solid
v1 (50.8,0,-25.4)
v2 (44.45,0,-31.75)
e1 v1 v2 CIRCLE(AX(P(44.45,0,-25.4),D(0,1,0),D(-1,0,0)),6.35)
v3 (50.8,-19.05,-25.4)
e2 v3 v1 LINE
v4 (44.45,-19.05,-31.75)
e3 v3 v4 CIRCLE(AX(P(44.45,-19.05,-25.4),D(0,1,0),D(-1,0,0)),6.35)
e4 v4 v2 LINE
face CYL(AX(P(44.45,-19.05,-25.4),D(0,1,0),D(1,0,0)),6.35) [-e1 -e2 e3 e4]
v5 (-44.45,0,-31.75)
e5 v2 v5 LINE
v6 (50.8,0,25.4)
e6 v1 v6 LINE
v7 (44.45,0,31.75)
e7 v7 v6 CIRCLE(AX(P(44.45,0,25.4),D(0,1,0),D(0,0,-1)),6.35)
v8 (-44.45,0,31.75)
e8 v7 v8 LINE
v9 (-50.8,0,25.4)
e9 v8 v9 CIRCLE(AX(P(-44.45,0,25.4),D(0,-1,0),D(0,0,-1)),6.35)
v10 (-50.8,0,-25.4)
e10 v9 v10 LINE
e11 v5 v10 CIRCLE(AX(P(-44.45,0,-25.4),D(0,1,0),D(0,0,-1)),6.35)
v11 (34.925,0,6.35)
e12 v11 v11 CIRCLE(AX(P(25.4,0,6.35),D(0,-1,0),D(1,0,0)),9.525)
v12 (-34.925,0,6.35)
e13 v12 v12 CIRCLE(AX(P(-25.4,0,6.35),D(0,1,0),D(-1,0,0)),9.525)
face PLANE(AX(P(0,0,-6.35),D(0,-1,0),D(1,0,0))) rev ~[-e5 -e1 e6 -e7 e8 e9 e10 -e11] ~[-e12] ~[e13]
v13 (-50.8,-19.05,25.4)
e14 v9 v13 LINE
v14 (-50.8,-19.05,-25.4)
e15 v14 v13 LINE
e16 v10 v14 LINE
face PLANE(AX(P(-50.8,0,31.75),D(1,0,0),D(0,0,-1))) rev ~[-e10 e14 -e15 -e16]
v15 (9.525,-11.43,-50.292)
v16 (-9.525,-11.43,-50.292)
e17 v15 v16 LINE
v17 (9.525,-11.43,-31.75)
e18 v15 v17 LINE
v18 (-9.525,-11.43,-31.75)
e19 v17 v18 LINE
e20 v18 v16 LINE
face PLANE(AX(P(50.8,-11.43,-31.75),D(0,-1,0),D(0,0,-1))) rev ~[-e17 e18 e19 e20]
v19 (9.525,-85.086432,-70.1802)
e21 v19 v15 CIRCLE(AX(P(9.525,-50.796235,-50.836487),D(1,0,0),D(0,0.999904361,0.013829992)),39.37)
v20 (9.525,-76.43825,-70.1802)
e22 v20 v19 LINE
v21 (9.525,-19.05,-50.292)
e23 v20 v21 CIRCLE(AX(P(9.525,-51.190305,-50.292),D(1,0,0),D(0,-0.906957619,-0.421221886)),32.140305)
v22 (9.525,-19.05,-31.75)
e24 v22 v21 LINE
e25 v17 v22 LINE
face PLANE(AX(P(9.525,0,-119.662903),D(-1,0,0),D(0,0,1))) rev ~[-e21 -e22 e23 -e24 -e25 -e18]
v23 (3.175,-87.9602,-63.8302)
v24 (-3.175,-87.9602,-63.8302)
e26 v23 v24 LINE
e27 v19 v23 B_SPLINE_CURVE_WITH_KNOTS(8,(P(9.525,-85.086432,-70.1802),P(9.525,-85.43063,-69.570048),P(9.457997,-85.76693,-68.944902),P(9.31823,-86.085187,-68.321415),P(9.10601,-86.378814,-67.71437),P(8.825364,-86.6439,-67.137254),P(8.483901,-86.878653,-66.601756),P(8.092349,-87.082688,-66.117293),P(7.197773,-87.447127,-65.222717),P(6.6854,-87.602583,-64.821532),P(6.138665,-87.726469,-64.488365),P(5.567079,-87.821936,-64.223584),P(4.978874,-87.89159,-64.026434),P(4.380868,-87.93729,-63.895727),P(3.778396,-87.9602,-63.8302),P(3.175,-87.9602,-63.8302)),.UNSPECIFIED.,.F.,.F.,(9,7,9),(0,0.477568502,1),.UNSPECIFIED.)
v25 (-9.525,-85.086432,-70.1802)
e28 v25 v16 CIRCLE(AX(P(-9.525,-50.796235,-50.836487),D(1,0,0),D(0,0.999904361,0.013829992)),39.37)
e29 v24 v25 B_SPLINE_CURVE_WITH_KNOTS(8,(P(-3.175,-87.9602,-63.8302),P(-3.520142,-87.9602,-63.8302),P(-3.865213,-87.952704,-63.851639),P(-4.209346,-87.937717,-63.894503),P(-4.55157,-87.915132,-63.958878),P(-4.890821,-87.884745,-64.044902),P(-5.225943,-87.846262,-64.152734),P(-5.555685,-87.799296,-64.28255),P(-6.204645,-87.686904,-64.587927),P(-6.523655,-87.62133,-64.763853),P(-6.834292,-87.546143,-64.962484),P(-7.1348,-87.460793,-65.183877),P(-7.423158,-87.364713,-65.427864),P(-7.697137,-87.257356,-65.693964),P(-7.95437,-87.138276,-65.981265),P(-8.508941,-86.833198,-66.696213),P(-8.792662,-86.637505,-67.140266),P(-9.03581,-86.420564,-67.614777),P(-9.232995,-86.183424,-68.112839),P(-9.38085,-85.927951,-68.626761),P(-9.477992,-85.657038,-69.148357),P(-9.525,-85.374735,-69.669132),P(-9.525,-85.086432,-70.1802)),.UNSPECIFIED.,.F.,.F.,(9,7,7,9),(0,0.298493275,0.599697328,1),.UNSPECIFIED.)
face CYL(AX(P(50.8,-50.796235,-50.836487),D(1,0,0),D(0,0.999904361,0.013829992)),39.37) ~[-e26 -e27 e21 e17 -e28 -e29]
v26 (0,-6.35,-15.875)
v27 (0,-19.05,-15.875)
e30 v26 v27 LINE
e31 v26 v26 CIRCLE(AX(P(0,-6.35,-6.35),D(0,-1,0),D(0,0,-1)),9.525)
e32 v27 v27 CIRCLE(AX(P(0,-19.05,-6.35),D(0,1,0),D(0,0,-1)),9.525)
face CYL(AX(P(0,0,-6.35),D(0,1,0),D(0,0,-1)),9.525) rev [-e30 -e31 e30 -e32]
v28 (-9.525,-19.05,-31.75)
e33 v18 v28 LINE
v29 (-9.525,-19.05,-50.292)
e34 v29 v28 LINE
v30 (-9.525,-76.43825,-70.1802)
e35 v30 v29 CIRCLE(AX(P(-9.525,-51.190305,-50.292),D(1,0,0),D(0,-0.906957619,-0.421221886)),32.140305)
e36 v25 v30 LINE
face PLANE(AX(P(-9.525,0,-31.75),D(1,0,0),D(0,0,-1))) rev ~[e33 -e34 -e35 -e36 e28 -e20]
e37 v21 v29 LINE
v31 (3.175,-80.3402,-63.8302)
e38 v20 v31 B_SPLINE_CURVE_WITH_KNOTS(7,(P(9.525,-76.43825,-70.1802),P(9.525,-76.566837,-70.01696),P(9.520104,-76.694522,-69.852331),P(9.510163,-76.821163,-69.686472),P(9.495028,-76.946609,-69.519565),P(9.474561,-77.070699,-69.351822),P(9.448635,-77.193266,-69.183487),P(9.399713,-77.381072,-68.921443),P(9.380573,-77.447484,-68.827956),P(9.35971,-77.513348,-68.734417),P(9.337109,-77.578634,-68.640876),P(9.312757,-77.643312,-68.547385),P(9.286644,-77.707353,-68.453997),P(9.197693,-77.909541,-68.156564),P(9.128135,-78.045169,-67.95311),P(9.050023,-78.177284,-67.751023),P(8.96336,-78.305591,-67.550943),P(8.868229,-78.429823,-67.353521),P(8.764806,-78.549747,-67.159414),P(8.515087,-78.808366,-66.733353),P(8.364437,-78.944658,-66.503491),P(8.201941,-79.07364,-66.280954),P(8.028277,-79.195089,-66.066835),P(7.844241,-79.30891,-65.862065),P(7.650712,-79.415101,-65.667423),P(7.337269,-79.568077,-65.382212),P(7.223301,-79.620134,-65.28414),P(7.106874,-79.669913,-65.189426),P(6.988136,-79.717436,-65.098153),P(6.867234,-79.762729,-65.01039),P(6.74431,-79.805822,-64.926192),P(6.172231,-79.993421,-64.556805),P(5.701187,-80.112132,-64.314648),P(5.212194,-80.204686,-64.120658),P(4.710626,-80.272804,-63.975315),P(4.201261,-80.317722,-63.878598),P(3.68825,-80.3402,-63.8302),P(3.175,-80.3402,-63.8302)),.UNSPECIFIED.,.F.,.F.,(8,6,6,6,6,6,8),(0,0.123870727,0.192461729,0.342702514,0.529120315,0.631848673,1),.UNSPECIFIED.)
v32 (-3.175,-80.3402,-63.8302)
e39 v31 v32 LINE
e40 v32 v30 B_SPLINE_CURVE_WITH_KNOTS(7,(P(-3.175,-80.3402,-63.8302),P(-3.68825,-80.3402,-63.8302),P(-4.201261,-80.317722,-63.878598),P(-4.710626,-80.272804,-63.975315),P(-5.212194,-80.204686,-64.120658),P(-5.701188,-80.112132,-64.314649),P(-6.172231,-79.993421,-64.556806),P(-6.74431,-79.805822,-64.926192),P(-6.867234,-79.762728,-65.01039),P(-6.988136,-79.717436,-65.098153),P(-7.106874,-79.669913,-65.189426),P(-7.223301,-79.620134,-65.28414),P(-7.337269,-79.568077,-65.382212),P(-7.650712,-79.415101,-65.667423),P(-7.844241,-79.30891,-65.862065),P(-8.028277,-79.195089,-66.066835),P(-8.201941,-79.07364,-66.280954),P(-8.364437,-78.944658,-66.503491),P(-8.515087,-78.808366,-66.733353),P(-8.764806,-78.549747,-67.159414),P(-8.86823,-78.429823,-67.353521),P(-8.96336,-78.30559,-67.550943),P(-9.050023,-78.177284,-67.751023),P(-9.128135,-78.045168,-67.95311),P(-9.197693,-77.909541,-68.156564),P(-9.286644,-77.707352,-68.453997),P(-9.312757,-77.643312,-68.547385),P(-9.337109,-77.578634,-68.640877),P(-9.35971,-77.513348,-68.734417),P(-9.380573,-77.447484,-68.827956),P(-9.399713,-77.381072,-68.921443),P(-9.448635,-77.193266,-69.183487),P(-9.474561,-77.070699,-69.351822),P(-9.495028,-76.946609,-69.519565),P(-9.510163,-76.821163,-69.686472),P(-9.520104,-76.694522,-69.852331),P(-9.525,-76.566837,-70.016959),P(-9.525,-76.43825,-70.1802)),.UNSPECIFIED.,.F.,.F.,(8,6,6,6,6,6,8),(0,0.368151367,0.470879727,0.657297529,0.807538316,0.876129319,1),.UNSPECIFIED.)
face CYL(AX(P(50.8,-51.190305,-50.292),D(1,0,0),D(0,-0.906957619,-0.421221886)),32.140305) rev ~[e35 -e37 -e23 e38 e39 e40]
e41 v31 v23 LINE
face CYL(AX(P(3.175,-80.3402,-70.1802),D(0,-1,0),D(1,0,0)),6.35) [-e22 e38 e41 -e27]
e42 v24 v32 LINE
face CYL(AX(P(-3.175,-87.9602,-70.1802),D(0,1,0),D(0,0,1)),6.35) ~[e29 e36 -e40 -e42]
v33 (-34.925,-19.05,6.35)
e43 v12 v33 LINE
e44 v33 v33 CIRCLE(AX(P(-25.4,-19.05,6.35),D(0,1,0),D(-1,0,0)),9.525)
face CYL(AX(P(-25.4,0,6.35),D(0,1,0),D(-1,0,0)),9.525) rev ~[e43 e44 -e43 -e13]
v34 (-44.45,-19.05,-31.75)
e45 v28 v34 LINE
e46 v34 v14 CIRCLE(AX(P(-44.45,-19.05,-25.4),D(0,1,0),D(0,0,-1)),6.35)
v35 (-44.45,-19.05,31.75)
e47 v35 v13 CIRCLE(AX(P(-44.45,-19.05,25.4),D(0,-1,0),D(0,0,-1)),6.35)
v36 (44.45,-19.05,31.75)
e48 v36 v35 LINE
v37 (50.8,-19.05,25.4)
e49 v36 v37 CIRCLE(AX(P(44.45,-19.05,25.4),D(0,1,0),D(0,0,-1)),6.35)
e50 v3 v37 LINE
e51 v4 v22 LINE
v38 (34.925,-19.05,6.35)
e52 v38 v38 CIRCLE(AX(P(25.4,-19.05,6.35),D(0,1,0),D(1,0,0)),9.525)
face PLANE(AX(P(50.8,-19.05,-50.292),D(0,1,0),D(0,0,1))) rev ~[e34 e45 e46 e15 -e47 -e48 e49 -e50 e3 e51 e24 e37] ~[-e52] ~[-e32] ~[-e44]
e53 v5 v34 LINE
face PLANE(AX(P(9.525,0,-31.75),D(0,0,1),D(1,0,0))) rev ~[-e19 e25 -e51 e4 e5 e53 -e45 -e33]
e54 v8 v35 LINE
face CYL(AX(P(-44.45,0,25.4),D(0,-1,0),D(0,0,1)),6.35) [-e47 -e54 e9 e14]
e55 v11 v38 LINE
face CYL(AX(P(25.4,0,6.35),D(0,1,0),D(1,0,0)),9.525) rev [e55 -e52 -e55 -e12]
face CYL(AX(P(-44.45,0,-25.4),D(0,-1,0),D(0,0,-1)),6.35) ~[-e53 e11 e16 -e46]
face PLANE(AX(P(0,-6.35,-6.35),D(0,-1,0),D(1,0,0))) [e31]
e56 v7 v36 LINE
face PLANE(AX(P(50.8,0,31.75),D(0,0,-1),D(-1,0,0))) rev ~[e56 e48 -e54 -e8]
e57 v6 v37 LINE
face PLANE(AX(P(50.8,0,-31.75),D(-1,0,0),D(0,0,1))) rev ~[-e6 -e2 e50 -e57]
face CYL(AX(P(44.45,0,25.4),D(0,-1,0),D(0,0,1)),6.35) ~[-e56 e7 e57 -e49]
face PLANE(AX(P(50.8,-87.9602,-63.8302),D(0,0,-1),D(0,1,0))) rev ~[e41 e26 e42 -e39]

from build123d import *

# Parameters (mm, degrees)
F0_R     = 9.525
F1_DEPTH = 87.9602
F2_W     = 159.8871313035
F2_H     = 188.4720697999
F2_W_2   = 68.9102
F2_H_2   = 63.5
F3_DEPTH = 101.601
F4_R     = 6.35
F5_DEPTH = 87.9612001
F6_DEPTH = 6.35


with BuildPart() as f1:
    # F0 (on Front) → F1 (new body)
    with BuildSketch(Plane.XZ):
        Polygon((50.8, 31.75), (-50.8, 31.75), (-50.8, 6.35), (-50.8, -31.75), (-9.525, -31.75), (0, -31.75), (9.525, -31.75), (50.8, -31.75), (50.8, 6.35), align=None)
        with BuildLine():
            ThreePointArc((9.525, -6.35), (6.7351920908, -13.0851920908), (0, -15.875))
            ThreePointArc((0, -15.875), (-6.7351920908, 0.3851920908), (9.525, -6.35))
        make_face(mode=Mode.SUBTRACT)
        with BuildLine():
            ThreePointArc((-15.875, 6.35), (-25.4, -3.175), (-34.925, 6.35))
            ThreePointArc((-34.925, 6.35), (-25.4, 15.875), (-15.875, 6.35))
        make_face(mode=Mode.SUBTRACT)
        with Locations((25.4, 6.35)):
            Circle(F0_R, mode=Mode.SUBTRACT)
        Polygon((0, -31.75), (-9.525, -31.75), (-9.525, -120.0502738357), (9.525, -119.6629032493), (9.525, -31.75), align=None)
        with BuildLine():
            ThreePointArc((9.525, -6.35), (-6.7351920908, 0.3851920908), (0, -15.875))
            ThreePointArc((0, -15.875), (6.7351920908, -13.0851920908), (9.525, -6.35))
        make_face()
    extrude(amount=F1_DEPTH)

    # F2 (on face) → F3 (cut, through all)
    with BuildSketch(Plane.YZ.offset(50.8)):
        with Locations((-38.3915323764, -28.8357771933)):
            Rectangle(F2_W, F2_H)
        with BuildLine():
            Line((-19.05, 31.75), (0, 31.75))
            Line((0, 31.75), (0, -31.75))
            Line((0, -31.75), (-11.43, -31.75))
            Line((-11.43, -31.75), (-11.43, -50.292))
            ThreePointArc((-11.43, -50.292), (-43.9381582579, -89.604562418), (-87.9602, -63.8302))
            Line((-87.9602, -63.8302), (-87.9602, -31.75))
            Line((-87.9602, -31.75), (-87.9602, 31.75))
            Line((-87.9602, 31.75), (-19.05, 31.75))
        make_face(mode=Mode.SUBTRACT)
        with Locations((-53.5051, 0)):
            Rectangle(F2_W_2, F2_H_2)
        with BuildLine():
            Line((-19.05, -50.292), (-19.05, -31.75))
            Line((-19.05, -31.75), (-87.9602, -31.75))
            Line((-87.9602, -31.75), (-87.9602, -63.8302))
            Line((-87.9602, -63.8302), (-80.3402, -63.8302))
            ThreePointArc((-80.3402, -63.8302), (-44.2580362559, -81.6757994644), (-19.05, -50.292))
        make_face()
    extrude(amount=-F3_DEPTH, mode=Mode.SUBTRACT)

    # F4
    f4_edges = [f1.edges().sort_by_distance(p)[0] for p in [
        (-50.8, -9.525, 31.75),
        (50.8, -9.525, 31.75),
        (50.8, -9.525, -31.75),
        (-50.8, -9.525, -31.75),
        (-9.525, -84.1502, -63.8302),
        (9.525, -84.1502, -63.8302),
    ]]
    fillet(f4_edges, radius=F4_R)

    # F0 (on Front) → F5 (cut, through all)
    with BuildSketch(Plane.XZ):
        with BuildLine():
            ThreePointArc((9.525, -6.35), (-6.7351920908, 0.3851920908), (0, -15.875))
            ThreePointArc((0, -15.875), (6.7351920908, -13.0851920908), (9.525, -6.35))
        make_face()
    extrude(amount=F5_DEPTH, mode=Mode.SUBTRACT)

    # F0 (on Front) → F6 (join)
    with BuildSketch(Plane.XZ):
        with BuildLine():
            ThreePointArc((9.525, -6.35), (-6.7351920908, 0.3851920908), (0, -15.875))
            ThreePointArc((0, -15.875), (6.7351920908, -13.0851920908), (9.525, -6.35))
        make_face()
    extrude(amount=F6_DEPTH)


solid = f1.part
